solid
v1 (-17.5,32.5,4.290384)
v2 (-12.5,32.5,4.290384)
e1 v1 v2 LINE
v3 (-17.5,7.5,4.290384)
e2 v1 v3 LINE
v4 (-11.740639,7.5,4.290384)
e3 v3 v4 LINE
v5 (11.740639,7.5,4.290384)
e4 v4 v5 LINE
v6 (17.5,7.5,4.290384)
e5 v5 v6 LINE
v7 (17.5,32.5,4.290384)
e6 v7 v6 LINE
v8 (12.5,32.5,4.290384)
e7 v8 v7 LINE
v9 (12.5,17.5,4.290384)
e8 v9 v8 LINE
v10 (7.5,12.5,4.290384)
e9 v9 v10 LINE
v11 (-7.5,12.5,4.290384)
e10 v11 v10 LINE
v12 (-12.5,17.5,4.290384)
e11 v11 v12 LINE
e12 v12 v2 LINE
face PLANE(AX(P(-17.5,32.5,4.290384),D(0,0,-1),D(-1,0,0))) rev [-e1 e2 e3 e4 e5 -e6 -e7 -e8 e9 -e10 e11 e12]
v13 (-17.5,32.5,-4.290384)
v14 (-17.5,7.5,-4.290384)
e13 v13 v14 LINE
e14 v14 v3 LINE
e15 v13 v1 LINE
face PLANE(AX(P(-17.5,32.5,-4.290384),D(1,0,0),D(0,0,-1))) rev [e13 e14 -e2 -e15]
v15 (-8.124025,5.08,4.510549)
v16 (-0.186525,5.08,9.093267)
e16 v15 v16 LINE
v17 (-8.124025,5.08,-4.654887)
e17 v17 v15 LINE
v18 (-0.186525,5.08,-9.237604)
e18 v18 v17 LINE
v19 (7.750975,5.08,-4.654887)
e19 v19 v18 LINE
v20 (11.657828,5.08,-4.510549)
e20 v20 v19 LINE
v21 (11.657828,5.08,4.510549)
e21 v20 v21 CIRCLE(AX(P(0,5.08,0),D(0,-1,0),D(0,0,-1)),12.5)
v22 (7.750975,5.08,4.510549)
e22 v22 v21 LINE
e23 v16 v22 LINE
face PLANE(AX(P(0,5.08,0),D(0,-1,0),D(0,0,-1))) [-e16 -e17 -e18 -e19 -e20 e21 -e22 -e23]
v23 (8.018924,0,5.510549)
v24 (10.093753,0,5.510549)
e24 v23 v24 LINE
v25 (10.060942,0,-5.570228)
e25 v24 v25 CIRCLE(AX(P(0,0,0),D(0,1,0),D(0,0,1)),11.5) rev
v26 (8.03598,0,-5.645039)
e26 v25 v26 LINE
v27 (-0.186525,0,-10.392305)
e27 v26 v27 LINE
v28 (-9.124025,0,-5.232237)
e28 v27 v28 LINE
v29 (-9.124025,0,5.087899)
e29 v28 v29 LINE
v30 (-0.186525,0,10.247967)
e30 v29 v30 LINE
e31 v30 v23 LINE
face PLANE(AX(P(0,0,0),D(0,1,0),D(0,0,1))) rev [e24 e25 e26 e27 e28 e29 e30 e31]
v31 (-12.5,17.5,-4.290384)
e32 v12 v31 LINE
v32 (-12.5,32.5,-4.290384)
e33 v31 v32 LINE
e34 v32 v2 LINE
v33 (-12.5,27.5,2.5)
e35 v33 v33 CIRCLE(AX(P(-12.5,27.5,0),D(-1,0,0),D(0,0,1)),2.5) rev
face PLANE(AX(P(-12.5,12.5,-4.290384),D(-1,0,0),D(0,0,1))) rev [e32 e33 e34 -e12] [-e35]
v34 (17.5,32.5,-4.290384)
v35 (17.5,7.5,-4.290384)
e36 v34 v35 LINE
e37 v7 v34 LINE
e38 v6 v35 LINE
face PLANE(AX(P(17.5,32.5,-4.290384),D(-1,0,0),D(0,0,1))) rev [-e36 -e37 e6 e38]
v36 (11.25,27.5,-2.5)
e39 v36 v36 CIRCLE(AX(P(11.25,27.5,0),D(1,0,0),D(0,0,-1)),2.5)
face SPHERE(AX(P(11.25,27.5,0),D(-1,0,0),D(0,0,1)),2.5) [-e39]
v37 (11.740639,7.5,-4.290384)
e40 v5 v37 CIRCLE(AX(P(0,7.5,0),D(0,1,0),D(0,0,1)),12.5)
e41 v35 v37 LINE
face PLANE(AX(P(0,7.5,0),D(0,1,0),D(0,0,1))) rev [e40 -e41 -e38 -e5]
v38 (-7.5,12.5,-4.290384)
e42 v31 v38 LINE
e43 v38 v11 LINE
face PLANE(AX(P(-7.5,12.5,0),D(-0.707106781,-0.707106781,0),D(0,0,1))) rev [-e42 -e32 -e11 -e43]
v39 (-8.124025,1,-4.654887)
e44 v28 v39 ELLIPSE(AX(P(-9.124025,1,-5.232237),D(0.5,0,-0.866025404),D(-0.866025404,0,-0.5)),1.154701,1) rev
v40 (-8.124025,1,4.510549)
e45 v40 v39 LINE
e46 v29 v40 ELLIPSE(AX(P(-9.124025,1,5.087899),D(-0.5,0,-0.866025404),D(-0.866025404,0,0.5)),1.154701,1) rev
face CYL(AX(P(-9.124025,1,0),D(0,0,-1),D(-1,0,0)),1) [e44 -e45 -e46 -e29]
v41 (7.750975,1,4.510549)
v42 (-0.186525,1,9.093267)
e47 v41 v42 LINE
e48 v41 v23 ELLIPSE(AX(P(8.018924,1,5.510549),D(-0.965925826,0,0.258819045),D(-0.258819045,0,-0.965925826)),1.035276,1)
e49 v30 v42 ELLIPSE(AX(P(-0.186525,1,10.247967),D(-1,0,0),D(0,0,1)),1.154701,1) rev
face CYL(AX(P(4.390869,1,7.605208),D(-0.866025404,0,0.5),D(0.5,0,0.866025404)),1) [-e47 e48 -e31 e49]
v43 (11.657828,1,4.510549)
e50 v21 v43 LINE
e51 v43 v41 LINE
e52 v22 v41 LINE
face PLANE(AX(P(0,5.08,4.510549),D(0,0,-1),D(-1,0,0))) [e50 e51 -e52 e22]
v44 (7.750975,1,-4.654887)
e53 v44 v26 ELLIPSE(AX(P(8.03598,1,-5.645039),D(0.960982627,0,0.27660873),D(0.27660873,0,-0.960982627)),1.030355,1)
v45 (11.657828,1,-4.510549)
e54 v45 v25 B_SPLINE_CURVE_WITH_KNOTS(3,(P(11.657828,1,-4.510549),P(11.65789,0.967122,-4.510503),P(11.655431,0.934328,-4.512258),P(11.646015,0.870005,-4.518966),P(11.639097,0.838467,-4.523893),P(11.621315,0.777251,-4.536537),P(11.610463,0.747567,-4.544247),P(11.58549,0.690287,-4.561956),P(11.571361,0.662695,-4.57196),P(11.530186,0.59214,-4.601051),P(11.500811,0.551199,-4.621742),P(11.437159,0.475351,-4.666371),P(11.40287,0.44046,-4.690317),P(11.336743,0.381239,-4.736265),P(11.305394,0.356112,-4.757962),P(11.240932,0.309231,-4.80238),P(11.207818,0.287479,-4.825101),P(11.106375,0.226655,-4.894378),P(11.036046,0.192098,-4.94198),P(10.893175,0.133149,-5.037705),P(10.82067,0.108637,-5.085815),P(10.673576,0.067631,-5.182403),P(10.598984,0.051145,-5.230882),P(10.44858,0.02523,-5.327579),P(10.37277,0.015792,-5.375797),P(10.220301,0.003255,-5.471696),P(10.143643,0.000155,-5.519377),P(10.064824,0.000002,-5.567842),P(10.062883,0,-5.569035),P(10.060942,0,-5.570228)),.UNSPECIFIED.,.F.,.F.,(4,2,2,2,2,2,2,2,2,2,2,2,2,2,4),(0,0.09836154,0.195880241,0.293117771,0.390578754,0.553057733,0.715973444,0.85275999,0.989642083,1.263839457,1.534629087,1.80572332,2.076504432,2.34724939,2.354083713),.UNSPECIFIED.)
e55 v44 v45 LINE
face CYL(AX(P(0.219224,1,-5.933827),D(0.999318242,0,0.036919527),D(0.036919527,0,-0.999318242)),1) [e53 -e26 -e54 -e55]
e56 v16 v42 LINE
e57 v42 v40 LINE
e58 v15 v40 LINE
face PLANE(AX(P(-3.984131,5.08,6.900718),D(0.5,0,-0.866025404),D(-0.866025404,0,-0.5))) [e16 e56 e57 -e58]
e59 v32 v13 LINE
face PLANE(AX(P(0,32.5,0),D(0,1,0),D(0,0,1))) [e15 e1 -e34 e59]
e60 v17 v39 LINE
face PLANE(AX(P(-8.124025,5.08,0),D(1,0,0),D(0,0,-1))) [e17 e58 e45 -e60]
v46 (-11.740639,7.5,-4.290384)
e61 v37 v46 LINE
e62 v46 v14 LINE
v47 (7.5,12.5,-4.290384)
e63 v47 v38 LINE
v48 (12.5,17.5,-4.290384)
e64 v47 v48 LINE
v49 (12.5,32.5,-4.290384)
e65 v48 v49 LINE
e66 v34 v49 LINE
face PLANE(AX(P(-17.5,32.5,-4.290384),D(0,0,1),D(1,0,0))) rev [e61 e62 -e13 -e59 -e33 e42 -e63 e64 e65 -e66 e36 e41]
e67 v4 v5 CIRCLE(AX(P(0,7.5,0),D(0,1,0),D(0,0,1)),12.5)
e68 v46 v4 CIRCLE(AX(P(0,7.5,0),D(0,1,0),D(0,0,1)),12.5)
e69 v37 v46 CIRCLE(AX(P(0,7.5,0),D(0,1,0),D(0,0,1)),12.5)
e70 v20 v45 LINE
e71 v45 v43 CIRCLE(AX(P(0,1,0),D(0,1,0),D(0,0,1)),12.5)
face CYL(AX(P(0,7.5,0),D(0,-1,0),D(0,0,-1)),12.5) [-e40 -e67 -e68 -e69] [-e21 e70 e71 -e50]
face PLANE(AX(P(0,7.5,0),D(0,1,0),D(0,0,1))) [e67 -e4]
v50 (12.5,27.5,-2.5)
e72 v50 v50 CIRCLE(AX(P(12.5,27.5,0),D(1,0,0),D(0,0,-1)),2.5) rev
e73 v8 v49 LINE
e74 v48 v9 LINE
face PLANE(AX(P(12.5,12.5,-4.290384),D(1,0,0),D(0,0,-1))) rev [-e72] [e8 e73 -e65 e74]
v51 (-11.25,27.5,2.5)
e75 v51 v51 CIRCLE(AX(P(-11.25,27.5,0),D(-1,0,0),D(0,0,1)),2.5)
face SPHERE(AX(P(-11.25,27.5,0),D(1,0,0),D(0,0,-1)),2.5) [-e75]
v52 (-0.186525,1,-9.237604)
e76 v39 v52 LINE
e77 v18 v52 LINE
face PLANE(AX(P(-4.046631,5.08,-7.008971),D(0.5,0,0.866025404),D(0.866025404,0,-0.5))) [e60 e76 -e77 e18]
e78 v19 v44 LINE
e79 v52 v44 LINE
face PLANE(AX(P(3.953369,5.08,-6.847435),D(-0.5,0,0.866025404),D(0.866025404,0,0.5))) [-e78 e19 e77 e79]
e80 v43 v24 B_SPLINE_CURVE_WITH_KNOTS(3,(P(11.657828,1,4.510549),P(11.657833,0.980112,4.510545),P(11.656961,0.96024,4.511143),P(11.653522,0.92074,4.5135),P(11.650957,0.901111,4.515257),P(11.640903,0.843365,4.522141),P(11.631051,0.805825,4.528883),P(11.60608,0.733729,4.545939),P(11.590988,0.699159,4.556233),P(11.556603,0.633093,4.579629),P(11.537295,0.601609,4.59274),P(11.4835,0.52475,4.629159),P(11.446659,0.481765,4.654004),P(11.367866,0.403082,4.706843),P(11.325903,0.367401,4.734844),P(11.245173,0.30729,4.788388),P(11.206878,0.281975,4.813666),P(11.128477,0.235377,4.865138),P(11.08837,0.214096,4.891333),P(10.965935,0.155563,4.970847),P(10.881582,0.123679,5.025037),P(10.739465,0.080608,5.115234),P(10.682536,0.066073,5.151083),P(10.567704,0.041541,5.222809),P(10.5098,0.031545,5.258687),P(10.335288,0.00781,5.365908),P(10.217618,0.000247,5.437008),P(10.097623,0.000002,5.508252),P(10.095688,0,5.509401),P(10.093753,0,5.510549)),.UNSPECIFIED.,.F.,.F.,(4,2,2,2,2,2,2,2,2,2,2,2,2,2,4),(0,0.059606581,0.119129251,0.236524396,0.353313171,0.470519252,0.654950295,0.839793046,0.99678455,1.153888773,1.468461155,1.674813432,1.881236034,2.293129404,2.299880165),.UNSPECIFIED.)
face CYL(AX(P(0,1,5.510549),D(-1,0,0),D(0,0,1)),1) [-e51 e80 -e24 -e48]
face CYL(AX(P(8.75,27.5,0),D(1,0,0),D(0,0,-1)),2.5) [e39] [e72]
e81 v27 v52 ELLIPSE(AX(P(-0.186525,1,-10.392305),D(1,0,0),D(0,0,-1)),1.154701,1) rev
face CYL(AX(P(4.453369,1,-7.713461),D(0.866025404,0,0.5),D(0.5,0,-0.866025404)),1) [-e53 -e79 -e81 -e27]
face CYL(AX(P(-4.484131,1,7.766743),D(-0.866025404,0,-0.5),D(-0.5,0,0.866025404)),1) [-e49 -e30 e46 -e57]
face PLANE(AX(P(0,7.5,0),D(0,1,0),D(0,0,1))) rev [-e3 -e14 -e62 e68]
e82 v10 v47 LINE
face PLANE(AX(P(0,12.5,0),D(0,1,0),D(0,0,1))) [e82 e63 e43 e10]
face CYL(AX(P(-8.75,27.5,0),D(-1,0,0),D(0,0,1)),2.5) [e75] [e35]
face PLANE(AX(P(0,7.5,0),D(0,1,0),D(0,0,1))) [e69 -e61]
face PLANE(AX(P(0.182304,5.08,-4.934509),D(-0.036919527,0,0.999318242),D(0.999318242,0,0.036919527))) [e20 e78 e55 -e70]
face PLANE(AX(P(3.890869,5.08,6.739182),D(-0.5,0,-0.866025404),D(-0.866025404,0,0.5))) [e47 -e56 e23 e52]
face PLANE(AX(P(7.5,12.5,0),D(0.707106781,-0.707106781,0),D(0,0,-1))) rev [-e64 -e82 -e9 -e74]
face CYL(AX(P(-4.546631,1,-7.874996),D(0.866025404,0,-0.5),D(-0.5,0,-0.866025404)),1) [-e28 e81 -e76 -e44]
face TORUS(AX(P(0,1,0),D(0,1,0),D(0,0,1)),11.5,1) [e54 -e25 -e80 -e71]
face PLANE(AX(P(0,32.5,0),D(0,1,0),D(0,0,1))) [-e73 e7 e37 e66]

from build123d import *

# Parameters (mm, degrees)
SKETCH1_R           = 12.5
BOSS_EXTRUDE1_DEPTH = 7.5
SKETCH2_W           = 35
SKETCH2_H           = 8.580767914
BOSS_EXTRUDE2_DEPTH = 25
SKETCH3_W           = 25
SKETCH3_H           = 8.580767914
CUT_EXTRUDE1_DEPTH  = 20
SKETCH4_R           = 2.5
BOSS_EXTRUDE3_DEPTH = 3.75
SKETCH5_R           = 2.5
BOSS_EXTRUDE4_DEPTH = 3.75
FILLET2_R           = 2.5
FILLET3_R           = 2.5
CHAMFER1_SIZE       = 5
CHAMFER2_SIZE       = 5
CUT_EXTRUDE2_DEPTH  = 5.08
FILLET4_R           = 1


with BuildPart() as part:
    # Sketch1 → Boss-Extrude1 (new body)
    with BuildSketch(Plane(origin=(0, 0, 0), x_dir=(1, 0, 0), z_dir=(0, 1, 0))):
        Circle(SKETCH1_R)
    extrude(amount=BOSS_EXTRUDE1_DEPTH)

    # Sketch2 → Boss-Extrude2 (add)
    with BuildSketch(Plane(origin=(0, 7.5, 0), x_dir=(1, 0, 0), z_dir=(0, 1, 0))):
        Rectangle(SKETCH2_W, SKETCH2_H)
    extrude(amount=BOSS_EXTRUDE2_DEPTH)

    # Sketch3 → Cut-Extrude1 (cut)
    with BuildSketch(Plane(origin=(0, 32.5, 0), x_dir=(1, 0, 0), z_dir=(0, 1, 0))):
        Rectangle(SKETCH3_W, SKETCH3_H)
    extrude(amount=-CUT_EXTRUDE1_DEPTH, mode=Mode.SUBTRACT)

    # Sketch4 → Boss-Extrude3 (add)
    with BuildSketch(Plane(origin=(-12.5, 0, 0), x_dir=(0, 0, -1), z_dir=(1, 0, 0))):
        with Locations((0, 27.5)):
            Circle(SKETCH4_R)
    extrude(amount=BOSS_EXTRUDE3_DEPTH)

    # Sketch5 → Boss-Extrude4 (add)
    with BuildSketch(Plane.ZY.offset(-12.5)):
        with Locations((0, 27.5)):
            Circle(SKETCH5_R)
    extrude(amount=BOSS_EXTRUDE4_DEPTH)

    # Fillet2
    fillet2_edges = [part.edges().sort_by_distance(p)[0] for p in [
        (-8.75, 27.5, 2.5),
    ]]
    fillet(fillet2_edges, radius=FILLET2_R)

    # Fillet3
    fillet3_edges = [part.edges().sort_by_distance(p)[0] for p in [
        (8.75, 27.5, -2.5),
    ]]
    fillet(fillet3_edges, radius=FILLET3_R)

    # Chamfer1
    chamfer1_edges = [part.edges().sort_by_distance(p)[0] for p in [
        (-12.5, 12.5, 0),
    ]]
    chamfer(chamfer1_edges, length=CHAMFER1_SIZE)

    # Chamfer2
    chamfer2_edges = [part.edges().sort_by_distance(p)[0] for p in [
        (12.5, 12.5, 0),
    ]]
    chamfer(chamfer2_edges, length=CHAMFER2_SIZE)

    # Sketch6 → Cut-Extrude2 (cut)
    with BuildSketch(Plane.XZ):
        with BuildLine():
            Line((7.750974756, -4.654886545), (11.657827753, -4.510548978))
            ThreePointArc((11.657827753, -4.510548978), (12.287653293, -2.294248579), (12.5, 0))
            ThreePointArc((12.5, 0), (12.287653293, 2.294248579), (11.657827753, 4.510548978))
            Line((11.657827753, 4.510548978), (7.750974756, 4.510548978))
            Line((7.750974756, 4.510548978), (-0.186525244, 9.09326674))
            Line((-0.186525244, 9.09326674), (-8.124025244, 4.510548978))
            Line((-8.124025244, 4.510548978), (-8.124025244, -4.654886545))
            Line((-8.124025244, -4.654886545), (-0.186525244, -9.237604307))
            Line((-0.186525244, -9.237604307), (7.750974756, -4.654886545))
        make_face()
    extrude(amount=-CUT_EXTRUDE2_DEPTH, mode=Mode.SUBTRACT)

    # Fillet4
    fillet4_edges = [part.edges().sort_by_distance(p)[0] for p in [
        (-12.5, 0, 0),
        (9.704401254, 0, 4.510548978),
        (9.704401254, 0, -4.582717762),
        (3.782224756, 0, -6.946245426),
        (-4.155275244, 0, -6.946245426),
        (-8.124025244, 0, -0.072168784),
        (-4.155275244, 0, 6.801907859),
        (3.782224756, 0, 6.801907859),
    ]]
    fillet(fillet4_edges, radius=FILLET4_R)


solid = part.part
